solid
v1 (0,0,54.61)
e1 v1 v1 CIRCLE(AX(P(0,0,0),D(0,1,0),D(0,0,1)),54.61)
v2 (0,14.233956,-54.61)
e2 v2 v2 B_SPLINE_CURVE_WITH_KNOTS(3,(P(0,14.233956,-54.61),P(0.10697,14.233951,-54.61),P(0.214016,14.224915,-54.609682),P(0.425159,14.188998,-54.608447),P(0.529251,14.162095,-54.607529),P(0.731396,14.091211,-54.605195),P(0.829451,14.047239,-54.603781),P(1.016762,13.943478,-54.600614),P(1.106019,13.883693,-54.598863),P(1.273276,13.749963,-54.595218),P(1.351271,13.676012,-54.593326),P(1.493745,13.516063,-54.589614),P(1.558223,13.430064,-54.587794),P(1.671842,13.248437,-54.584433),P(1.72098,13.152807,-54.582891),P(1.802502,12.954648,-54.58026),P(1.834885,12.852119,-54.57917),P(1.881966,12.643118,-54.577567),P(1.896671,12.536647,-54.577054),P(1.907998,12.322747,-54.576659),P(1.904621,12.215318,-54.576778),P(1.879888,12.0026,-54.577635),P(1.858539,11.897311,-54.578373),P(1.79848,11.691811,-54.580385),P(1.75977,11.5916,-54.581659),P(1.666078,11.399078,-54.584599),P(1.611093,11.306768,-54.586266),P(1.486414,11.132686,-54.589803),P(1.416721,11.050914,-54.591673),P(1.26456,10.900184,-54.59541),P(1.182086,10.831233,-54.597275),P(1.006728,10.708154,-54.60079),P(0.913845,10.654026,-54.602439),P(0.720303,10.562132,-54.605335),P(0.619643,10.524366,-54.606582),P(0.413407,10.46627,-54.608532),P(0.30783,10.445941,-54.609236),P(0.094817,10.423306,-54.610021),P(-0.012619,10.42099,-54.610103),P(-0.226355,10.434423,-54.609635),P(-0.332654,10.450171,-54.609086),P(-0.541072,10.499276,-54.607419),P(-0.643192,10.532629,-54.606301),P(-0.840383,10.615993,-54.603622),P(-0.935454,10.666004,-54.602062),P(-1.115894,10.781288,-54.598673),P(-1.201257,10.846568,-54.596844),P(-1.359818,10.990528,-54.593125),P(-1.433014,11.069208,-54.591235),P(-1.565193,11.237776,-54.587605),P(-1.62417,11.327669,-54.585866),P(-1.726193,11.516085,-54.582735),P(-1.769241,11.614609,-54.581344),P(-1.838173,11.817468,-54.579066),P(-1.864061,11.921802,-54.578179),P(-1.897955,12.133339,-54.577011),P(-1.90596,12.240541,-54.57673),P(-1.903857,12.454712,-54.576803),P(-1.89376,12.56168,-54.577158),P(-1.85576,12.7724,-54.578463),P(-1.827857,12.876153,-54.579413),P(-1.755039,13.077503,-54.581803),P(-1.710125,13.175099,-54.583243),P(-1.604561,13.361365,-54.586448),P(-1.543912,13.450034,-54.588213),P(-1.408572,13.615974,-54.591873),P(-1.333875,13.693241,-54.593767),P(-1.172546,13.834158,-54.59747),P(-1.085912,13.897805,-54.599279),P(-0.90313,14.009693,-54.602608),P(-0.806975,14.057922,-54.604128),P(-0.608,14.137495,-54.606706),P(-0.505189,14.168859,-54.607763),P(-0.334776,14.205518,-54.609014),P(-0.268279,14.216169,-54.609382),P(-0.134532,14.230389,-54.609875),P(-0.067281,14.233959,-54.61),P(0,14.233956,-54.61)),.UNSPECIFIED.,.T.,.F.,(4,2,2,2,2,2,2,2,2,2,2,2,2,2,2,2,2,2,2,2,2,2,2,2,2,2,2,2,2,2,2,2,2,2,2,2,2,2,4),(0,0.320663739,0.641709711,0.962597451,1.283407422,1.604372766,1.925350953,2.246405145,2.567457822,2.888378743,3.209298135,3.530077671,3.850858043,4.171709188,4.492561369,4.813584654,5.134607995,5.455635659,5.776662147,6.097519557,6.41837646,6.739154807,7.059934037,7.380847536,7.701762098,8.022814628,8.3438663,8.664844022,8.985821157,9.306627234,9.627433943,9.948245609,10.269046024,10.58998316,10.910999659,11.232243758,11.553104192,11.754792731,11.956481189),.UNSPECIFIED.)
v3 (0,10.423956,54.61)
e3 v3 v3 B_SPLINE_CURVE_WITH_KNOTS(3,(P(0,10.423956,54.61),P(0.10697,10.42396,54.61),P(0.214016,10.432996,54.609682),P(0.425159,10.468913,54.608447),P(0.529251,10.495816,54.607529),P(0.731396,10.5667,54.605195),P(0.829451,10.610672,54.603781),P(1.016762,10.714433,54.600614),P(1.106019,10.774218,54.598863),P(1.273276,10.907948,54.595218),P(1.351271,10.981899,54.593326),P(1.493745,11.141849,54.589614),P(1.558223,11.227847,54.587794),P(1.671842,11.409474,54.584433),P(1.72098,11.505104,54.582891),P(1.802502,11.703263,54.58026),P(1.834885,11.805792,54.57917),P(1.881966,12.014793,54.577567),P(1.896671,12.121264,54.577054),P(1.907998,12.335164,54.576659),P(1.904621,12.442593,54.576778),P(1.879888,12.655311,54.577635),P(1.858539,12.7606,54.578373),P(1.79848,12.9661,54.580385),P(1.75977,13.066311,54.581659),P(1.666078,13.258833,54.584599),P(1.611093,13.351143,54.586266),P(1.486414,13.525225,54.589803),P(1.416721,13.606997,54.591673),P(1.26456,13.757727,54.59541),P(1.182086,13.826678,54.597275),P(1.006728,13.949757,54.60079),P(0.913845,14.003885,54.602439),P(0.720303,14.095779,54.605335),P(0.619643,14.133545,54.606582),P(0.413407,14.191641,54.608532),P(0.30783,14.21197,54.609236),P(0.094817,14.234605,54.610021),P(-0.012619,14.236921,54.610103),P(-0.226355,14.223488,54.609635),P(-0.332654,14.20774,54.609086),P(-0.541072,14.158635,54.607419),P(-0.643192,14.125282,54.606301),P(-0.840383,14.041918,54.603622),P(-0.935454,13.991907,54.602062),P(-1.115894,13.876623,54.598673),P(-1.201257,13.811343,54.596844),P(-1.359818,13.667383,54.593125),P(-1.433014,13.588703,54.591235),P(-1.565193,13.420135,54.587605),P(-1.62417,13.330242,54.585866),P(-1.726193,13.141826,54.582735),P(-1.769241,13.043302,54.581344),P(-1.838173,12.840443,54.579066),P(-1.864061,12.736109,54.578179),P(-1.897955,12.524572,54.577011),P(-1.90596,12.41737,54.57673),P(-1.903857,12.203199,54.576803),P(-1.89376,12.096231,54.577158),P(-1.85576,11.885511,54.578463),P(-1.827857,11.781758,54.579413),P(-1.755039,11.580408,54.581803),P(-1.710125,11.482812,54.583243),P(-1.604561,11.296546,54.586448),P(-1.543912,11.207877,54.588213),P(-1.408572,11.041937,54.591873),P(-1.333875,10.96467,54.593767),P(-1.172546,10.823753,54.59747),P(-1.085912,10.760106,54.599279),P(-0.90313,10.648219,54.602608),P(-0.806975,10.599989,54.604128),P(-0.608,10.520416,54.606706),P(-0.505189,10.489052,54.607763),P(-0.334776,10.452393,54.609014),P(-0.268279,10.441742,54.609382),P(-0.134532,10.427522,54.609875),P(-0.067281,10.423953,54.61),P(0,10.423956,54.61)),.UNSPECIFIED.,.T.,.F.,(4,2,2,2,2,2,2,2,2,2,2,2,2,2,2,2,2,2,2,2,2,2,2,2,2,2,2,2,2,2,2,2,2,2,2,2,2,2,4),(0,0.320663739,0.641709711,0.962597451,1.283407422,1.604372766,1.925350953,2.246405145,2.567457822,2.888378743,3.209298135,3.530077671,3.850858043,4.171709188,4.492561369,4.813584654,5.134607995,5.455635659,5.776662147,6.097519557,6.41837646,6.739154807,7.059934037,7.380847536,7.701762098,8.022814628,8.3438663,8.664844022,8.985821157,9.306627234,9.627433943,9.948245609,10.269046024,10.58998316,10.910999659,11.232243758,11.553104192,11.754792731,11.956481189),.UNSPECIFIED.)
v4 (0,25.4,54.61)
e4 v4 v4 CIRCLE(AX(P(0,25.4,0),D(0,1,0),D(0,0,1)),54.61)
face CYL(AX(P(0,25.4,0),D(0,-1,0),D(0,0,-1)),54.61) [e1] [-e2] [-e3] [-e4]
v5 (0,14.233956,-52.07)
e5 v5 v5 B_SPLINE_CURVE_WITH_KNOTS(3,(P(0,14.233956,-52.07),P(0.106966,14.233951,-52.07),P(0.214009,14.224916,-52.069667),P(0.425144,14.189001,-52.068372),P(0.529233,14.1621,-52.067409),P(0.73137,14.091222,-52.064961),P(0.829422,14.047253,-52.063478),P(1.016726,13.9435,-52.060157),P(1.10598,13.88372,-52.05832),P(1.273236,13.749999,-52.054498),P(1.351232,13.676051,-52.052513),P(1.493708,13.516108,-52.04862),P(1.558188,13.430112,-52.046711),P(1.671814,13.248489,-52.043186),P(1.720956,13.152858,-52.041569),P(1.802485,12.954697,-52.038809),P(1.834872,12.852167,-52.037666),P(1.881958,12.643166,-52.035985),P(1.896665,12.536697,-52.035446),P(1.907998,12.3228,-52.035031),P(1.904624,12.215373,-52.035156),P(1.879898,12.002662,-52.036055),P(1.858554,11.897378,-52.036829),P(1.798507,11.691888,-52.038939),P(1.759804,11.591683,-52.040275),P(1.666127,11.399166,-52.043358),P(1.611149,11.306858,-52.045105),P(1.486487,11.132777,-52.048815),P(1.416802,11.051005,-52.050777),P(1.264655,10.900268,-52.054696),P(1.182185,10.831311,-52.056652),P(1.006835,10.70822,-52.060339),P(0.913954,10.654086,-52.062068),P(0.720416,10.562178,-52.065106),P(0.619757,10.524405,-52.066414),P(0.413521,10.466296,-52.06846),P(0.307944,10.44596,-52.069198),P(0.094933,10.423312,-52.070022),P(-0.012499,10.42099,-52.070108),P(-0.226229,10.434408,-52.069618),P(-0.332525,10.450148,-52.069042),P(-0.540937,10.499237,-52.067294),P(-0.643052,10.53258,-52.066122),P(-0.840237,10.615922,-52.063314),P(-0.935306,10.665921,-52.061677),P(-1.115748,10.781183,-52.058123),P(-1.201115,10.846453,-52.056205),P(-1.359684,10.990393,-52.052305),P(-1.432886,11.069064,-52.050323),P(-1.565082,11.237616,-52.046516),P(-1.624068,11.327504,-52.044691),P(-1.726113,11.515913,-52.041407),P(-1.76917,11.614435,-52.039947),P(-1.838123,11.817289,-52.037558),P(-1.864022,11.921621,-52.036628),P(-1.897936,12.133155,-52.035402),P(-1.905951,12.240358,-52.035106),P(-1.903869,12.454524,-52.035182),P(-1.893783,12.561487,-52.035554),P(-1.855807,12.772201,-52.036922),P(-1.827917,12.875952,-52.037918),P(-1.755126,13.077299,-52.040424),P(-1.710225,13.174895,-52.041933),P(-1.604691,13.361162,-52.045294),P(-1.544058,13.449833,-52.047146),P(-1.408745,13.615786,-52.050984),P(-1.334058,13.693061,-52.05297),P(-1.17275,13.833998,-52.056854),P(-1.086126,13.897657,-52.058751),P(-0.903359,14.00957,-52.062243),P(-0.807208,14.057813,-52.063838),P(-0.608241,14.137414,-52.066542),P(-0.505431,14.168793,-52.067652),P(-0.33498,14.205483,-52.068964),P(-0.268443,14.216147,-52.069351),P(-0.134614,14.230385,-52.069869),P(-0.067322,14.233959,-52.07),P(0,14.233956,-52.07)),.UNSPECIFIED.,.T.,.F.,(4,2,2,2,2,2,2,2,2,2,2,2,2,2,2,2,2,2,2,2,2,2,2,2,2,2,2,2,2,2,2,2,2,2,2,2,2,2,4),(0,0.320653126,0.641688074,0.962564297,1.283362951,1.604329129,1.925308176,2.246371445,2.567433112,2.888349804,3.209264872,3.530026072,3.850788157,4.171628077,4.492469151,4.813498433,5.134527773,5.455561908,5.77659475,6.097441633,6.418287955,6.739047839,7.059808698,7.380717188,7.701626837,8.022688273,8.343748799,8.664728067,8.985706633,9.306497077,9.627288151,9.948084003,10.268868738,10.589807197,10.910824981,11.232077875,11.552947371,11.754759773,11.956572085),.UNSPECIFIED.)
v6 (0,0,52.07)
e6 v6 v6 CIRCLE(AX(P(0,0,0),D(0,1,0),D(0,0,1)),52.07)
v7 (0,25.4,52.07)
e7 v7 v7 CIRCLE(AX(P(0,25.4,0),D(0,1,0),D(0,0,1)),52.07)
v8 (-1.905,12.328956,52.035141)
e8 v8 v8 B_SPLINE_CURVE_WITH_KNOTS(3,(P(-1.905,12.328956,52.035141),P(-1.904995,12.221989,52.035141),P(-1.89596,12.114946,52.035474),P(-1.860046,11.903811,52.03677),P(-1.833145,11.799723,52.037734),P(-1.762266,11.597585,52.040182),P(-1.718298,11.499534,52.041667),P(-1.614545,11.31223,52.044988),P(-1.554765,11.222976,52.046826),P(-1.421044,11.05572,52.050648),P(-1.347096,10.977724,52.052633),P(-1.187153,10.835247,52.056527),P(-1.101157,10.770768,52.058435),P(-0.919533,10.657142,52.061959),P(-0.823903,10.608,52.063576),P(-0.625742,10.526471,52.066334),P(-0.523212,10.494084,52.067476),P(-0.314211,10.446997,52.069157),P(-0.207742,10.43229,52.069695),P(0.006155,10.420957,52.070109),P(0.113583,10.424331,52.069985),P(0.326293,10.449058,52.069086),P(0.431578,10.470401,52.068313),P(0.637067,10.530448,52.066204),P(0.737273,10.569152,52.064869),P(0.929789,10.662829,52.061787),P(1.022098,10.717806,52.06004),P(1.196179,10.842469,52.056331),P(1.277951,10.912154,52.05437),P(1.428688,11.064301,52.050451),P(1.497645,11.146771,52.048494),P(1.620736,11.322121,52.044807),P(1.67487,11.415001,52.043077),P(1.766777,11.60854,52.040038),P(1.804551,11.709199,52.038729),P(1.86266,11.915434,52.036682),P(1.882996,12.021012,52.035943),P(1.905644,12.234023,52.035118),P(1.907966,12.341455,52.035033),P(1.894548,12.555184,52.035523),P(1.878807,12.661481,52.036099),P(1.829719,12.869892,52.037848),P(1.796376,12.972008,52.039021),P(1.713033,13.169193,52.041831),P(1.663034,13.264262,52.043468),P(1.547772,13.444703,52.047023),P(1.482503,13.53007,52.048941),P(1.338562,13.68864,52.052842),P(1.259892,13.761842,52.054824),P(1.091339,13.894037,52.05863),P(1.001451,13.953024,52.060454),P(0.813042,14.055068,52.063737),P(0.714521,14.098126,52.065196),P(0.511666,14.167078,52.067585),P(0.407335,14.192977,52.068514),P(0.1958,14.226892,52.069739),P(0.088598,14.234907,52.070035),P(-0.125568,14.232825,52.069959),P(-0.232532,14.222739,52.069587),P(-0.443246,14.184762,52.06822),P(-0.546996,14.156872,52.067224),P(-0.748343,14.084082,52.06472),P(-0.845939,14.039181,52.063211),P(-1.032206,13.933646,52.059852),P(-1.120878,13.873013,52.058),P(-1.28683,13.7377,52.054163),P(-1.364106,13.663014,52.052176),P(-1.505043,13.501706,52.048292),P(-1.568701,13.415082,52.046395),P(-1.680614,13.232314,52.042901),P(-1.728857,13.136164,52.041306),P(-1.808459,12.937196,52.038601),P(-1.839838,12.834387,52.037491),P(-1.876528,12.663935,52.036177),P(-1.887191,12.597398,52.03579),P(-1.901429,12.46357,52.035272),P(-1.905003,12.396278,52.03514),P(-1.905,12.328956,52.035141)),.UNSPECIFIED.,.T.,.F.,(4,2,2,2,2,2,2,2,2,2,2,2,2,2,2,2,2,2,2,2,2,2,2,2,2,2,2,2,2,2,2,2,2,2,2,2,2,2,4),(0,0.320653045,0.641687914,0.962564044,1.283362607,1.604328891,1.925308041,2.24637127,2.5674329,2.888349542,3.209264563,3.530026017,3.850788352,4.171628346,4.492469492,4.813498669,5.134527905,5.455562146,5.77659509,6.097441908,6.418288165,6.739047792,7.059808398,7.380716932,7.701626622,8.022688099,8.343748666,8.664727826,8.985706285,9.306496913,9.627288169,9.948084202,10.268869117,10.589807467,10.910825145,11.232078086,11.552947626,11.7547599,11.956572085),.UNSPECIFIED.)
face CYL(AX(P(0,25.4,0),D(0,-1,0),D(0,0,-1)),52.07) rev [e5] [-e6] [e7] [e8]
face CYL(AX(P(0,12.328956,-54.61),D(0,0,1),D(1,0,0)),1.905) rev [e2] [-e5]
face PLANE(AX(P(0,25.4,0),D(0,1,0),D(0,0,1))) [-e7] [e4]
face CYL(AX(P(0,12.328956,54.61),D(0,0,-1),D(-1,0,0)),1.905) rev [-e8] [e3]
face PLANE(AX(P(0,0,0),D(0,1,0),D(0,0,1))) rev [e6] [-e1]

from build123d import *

# Parameters (mm, degrees)
SKETCH1_R           = 54.61
SKETCH1_R_2         = 52.07
BOSS_EXTRUDE1_DEPTH = 25.4
SKETCH3_R           = 1.905
CUT_EXTRUDE1_DEPTH  = 82.299841328
CIRPATTERN1_COUNT   = 2


with BuildPart() as part:
    # Sketch1 → Boss-Extrude1 (new body)
    with BuildSketch(Plane(origin=(0, 0, 0), x_dir=(1, 0, 0), z_dir=(0, 1, 0))):
        with Locations(Location((0, 0, 0), (0, 0, 270))):
            Circle(SKETCH1_R)
        with Locations(Location((0, 0, 0), (0, 0, 270))):
            Circle(SKETCH1_R_2, mode=Mode.SUBTRACT)
    extrude(amount=BOSS_EXTRUDE1_DEPTH)

    # Sketch3 → Cut-Extrude1 (cut, through all)
    with BuildSketch(Plane.XY):
        with Locations(Location((0, 12.328955527, 0), (0, 0, 90.000000049))):
            Circle(SKETCH3_R)
    cut_extrude1 = extrude(amount=CUT_EXTRUDE1_DEPTH, mode=Mode.SUBTRACT)

    # CirPattern1: Cut-Extrude1 ×2 about axis
    cirpattern1_axis = Axis((0, 25.4, 0), (0, 1, 0))
    for i in range(1, CIRPATTERN1_COUNT):
        add(cut_extrude1.rotate(cirpattern1_axis, i * 360 / CIRPATTERN1_COUNT), mode=Mode.SUBTRACT)


solid = part.part
